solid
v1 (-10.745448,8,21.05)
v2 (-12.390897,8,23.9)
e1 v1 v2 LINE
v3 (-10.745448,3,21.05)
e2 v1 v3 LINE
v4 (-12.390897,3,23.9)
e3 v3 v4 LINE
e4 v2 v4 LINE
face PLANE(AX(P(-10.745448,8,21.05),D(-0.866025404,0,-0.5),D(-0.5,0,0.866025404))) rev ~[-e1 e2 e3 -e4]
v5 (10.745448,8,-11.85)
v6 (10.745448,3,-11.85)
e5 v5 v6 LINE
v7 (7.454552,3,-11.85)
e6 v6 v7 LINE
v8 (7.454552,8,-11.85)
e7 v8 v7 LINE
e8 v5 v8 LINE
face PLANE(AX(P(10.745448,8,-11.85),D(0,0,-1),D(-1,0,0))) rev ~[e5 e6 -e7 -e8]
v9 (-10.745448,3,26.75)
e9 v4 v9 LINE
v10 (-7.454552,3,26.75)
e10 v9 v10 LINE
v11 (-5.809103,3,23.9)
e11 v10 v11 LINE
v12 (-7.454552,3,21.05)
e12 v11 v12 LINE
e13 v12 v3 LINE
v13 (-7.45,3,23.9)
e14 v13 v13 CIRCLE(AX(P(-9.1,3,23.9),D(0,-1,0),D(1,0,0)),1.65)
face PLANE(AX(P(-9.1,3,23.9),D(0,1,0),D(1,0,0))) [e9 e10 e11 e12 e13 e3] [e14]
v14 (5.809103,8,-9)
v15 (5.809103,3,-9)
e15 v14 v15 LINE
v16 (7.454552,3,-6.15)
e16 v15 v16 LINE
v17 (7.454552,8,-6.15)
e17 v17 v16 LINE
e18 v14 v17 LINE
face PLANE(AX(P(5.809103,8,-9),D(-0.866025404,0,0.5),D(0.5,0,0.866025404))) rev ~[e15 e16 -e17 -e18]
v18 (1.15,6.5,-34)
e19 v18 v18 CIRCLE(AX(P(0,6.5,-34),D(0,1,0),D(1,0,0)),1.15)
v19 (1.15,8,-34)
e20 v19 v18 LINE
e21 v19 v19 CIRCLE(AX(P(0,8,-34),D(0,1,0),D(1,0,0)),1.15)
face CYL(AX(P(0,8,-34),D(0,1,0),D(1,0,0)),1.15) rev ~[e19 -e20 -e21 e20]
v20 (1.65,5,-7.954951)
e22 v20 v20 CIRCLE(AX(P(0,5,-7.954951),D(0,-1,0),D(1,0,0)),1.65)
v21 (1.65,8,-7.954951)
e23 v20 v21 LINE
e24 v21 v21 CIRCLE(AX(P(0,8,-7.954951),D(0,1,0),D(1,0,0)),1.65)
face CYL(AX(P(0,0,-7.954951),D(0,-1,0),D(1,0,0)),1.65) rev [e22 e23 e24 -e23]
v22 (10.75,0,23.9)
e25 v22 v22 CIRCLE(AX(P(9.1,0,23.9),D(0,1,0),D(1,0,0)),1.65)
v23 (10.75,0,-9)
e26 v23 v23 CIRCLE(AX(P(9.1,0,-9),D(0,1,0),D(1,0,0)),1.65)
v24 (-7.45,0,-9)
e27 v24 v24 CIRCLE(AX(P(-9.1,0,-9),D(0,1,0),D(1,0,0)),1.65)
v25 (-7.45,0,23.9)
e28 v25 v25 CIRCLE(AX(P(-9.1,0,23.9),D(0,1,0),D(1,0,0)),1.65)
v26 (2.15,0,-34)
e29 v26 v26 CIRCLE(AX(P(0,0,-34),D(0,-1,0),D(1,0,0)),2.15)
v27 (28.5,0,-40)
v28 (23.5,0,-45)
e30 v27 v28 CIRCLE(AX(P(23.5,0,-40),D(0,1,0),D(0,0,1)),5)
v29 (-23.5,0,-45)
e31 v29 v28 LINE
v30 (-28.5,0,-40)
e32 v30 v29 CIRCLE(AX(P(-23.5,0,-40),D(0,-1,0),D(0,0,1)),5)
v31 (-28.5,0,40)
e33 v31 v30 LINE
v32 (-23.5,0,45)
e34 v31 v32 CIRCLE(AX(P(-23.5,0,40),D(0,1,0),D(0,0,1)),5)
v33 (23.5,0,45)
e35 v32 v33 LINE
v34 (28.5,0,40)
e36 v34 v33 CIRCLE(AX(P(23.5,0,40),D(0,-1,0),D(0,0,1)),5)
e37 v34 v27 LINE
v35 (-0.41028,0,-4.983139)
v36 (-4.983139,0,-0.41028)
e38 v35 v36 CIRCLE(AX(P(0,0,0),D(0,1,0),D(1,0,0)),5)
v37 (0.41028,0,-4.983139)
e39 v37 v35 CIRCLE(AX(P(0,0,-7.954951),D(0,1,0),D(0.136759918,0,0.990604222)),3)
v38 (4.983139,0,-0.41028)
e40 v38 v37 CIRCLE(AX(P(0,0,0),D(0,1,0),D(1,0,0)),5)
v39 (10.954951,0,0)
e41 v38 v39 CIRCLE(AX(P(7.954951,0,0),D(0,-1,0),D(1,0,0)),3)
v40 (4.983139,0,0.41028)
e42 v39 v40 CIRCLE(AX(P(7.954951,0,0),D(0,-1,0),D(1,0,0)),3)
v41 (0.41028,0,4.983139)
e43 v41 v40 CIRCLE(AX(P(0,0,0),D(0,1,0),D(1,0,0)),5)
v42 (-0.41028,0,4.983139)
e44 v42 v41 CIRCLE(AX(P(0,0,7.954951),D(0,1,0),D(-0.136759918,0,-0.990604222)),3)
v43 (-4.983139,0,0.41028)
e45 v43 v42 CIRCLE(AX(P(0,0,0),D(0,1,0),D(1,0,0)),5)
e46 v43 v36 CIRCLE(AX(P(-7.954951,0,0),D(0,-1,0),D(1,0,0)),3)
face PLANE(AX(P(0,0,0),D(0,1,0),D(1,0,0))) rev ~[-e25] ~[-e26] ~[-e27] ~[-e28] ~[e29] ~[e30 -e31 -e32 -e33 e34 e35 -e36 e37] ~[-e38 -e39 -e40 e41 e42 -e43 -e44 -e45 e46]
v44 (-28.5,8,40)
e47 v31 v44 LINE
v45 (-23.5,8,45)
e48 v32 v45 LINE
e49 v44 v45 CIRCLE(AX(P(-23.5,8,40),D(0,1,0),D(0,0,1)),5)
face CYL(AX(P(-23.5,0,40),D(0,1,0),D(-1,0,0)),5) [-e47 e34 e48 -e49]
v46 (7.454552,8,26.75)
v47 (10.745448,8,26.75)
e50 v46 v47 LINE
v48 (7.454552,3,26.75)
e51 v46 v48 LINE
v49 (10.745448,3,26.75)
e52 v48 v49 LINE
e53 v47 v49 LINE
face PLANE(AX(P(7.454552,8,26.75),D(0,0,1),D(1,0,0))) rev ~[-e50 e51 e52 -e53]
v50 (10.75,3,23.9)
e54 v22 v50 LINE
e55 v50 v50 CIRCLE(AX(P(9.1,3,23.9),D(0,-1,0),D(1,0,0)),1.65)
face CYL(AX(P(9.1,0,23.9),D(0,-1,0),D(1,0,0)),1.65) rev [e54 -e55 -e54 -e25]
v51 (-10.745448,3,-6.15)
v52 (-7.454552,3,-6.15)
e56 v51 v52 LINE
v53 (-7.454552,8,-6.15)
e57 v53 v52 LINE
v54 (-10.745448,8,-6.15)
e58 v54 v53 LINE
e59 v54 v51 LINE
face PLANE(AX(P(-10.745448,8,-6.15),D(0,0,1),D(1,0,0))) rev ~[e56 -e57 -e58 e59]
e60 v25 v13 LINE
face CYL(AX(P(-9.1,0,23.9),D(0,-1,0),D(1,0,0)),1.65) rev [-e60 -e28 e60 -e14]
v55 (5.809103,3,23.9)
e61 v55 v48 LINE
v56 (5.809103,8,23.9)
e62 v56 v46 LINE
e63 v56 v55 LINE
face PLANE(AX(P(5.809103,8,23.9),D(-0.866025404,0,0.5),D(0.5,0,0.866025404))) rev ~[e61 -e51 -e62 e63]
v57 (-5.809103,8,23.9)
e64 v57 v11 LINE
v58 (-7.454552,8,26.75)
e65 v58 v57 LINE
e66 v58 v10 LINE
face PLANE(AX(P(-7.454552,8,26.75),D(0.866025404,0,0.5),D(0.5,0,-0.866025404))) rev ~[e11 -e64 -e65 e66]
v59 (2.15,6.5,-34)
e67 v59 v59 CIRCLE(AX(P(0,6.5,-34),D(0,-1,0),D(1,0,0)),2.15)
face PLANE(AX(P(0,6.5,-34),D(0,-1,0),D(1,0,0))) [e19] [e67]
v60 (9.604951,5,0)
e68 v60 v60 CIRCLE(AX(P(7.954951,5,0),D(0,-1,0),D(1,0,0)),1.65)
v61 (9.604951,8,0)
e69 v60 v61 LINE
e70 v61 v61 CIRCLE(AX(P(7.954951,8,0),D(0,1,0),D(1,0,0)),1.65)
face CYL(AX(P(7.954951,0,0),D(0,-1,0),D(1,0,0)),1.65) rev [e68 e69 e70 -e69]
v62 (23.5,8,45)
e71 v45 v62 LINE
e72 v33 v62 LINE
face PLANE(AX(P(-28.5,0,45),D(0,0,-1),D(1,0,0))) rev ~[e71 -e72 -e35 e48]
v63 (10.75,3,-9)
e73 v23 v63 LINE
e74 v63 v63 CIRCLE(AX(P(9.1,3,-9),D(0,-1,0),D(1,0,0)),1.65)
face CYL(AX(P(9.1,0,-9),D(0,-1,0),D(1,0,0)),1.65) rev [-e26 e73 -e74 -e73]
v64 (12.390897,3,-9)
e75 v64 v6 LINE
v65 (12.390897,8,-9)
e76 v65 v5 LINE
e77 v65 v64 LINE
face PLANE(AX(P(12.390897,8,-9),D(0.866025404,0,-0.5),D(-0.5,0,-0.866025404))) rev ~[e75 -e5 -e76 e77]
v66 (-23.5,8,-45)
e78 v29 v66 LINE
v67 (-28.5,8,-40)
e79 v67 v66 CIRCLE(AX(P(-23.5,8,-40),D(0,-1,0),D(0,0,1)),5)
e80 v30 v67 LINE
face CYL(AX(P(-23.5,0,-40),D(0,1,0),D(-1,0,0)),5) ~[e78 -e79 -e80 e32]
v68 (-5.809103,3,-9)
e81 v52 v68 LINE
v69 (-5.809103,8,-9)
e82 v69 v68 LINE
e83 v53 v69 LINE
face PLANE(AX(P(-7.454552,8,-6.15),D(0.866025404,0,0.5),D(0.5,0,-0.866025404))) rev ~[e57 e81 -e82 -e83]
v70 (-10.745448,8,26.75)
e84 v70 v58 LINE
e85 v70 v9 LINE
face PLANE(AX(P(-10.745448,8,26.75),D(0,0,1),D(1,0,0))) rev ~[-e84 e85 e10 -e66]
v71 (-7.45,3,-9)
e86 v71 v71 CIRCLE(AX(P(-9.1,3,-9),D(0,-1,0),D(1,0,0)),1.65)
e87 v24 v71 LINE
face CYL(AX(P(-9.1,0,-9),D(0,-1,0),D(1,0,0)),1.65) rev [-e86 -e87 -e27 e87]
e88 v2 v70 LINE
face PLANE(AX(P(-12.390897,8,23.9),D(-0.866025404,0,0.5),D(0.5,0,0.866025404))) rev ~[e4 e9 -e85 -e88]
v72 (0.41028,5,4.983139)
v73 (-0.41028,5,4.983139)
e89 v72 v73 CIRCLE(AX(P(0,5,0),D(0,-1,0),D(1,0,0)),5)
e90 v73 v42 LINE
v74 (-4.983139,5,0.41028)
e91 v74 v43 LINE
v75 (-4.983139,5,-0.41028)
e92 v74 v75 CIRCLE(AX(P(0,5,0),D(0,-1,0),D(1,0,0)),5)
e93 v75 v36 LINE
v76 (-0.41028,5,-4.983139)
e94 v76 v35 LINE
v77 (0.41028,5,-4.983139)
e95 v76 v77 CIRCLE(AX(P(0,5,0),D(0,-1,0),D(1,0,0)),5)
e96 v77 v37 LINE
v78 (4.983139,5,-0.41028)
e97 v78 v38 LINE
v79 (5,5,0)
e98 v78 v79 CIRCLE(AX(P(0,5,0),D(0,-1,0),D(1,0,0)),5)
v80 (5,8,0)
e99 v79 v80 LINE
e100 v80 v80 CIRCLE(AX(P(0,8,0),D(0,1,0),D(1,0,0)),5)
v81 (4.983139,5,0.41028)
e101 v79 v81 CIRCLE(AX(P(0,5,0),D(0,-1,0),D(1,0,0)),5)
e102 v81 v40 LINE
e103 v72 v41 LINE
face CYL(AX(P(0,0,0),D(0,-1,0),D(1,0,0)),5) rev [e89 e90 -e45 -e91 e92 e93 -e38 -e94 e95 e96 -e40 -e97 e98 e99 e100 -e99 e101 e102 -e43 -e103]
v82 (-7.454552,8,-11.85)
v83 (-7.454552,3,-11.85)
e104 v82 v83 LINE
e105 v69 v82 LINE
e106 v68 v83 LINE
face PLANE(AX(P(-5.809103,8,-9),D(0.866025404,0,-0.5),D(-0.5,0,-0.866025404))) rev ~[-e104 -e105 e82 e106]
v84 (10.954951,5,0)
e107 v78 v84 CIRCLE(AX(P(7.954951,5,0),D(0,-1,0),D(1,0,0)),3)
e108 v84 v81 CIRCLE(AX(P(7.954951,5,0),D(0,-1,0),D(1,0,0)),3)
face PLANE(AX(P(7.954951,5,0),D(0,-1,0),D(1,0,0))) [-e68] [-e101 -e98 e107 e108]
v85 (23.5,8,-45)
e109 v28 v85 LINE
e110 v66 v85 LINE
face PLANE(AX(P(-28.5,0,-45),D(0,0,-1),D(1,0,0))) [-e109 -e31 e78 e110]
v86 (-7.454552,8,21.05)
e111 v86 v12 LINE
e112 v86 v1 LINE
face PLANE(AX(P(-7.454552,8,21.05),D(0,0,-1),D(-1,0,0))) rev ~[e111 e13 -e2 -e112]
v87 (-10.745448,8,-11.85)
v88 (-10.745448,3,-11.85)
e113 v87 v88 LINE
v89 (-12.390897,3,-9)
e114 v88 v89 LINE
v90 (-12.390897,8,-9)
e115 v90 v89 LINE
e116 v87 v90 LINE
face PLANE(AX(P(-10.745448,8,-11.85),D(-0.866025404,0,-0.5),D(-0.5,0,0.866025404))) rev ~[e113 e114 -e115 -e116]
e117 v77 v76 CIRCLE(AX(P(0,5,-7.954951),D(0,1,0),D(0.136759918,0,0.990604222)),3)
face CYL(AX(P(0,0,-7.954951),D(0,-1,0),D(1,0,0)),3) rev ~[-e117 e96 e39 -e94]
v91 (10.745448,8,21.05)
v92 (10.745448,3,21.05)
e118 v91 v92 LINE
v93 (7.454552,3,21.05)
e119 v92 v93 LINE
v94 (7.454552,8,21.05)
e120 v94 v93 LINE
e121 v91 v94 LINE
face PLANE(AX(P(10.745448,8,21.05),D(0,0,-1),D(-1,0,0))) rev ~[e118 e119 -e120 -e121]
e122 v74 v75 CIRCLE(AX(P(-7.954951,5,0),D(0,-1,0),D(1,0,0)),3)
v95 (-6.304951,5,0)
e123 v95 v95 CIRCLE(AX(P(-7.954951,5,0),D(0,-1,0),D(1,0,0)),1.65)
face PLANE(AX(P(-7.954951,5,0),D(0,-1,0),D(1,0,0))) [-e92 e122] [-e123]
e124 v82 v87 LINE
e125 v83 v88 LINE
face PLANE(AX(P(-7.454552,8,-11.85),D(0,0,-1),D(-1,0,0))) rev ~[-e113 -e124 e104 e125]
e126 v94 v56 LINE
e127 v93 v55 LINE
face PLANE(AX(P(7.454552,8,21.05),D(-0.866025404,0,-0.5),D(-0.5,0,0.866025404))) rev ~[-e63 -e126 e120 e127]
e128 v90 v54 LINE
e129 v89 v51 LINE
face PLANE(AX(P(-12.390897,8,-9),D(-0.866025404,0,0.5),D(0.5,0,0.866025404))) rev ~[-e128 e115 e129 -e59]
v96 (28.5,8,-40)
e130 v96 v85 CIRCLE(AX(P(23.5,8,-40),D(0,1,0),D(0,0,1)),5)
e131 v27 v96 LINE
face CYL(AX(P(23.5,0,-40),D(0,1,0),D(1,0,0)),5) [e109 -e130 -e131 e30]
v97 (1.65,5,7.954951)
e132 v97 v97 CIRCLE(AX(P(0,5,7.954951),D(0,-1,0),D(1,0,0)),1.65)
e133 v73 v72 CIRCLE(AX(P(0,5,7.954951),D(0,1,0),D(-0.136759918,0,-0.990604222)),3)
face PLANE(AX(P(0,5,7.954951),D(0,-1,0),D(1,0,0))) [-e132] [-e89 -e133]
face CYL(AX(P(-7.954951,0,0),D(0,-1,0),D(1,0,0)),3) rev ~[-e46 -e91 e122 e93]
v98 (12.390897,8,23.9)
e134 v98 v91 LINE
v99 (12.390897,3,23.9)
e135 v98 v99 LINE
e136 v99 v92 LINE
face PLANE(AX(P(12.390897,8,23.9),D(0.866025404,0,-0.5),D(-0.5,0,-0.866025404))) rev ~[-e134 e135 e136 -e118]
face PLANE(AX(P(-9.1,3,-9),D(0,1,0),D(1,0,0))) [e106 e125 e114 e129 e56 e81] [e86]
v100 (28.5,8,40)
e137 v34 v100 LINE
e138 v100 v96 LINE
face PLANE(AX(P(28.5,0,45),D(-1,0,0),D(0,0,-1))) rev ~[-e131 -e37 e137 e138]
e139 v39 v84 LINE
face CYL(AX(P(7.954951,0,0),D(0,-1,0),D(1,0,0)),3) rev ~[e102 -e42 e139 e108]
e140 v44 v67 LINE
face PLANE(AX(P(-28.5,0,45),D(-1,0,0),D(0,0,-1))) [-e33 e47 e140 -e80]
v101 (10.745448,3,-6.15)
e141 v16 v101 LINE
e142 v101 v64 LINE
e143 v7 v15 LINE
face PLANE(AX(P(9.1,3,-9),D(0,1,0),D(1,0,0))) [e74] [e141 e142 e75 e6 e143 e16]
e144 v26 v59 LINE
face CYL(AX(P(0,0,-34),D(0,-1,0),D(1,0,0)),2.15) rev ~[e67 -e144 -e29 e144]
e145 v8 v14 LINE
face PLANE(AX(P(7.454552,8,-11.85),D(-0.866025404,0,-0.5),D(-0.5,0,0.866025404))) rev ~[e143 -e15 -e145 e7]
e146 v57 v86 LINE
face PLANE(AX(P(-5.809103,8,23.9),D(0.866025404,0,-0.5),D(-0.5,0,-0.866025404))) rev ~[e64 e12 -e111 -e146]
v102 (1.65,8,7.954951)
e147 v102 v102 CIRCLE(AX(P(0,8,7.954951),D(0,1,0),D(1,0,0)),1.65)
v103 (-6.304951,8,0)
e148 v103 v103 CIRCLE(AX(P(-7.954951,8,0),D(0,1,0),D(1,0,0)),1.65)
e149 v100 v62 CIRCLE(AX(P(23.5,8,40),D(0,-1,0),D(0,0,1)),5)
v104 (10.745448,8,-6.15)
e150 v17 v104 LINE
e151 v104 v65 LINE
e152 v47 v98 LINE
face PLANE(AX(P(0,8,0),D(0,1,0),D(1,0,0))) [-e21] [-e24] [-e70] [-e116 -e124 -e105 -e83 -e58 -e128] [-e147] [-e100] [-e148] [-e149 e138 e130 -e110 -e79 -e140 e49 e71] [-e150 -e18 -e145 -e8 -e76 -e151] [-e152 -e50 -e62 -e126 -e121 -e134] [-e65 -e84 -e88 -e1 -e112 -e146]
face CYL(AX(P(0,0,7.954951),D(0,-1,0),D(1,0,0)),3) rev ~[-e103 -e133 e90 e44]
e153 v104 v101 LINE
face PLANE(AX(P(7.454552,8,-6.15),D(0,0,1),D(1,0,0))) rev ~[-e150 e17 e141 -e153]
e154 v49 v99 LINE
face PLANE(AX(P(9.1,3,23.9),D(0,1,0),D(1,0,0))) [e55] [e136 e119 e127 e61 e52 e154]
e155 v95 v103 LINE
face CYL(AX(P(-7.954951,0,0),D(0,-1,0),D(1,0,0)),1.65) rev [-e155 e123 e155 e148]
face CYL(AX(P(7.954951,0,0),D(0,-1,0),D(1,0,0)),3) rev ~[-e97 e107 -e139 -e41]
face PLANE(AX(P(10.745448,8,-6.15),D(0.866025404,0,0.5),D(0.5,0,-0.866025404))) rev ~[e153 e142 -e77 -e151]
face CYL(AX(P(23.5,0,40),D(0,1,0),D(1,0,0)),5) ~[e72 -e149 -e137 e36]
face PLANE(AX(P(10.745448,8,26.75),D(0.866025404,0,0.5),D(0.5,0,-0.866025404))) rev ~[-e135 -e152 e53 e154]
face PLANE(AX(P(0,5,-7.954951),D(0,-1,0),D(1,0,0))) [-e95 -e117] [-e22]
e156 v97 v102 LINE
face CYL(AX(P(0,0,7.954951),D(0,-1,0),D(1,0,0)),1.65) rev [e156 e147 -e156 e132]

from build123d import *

# Parameters (mm, degrees)
SKETCH_1_W          = 57
SKETCH_1_H          = 90
SKETCH_1_R          = 5
SKETCH_1_R_2        = 1.65
EXTRUDE_1_DEPTH     = 8
CUT_EXTRUDE_1_DEPTH = 5
SKETCH_3_R          = 3
CUT_EXTRUDE_2_DEPTH = 5
FILLET_1_R          = 5
SKETCH_4_R          = 1.15
CUT_EXTRUDE_3_DEPTH = 9
SKETCH_5_R          = 2.15
CUT_EXTRUDE_4_DEPTH = 6.5


with BuildPart() as part:
    # 草图1 → 凸台-拉伸1 (new body)
    with BuildSketch(Plane(origin=(0, 0, 0), x_dir=(1, 0, 0), z_dir=(0, 1, 0))):
        Rectangle(SKETCH_1_W, SKETCH_1_H)
        Circle(SKETCH_1_R, mode=Mode.SUBTRACT)
        with Locations((0, 7.954951288)):
            Circle(SKETCH_1_R_2, mode=Mode.SUBTRACT)
        with Locations((7.954951288, 0)):
            Circle(SKETCH_1_R_2, mode=Mode.SUBTRACT)
        with Locations((0, -7.954951288)):
            Circle(SKETCH_1_R_2, mode=Mode.SUBTRACT)
        with Locations((-7.954951288, 0)):
            Circle(SKETCH_1_R_2, mode=Mode.SUBTRACT)
        with Locations((9.1, 9)):
            Circle(SKETCH_1_R_2, mode=Mode.SUBTRACT)
        with Locations((-9.1, 9)):
            Circle(SKETCH_1_R_2, mode=Mode.SUBTRACT)
        with Locations((-9.1, -23.9)):
            Circle(SKETCH_1_R_2, mode=Mode.SUBTRACT)
        with Locations((9.1, -23.9)):
            Circle(SKETCH_1_R_2, mode=Mode.SUBTRACT)
    extrude(amount=EXTRUDE_1_DEPTH)

    # 草图2 → 切除-拉伸1 (cut)
    with BuildSketch(Plane(origin=(0, 8, 0), x_dir=(1, 0, 0), z_dir=(0, 1, 0))):
        Polygon((-7.454551733, 11.85), (-10.745448267, 11.85), (-12.390896534, 9), (-10.745448267, 6.15), (-7.454551733, 6.15), (-5.809103466, 9), align=None)
        Polygon((10.745448267, 11.85), (7.454551733, 11.85), (5.809103466, 9), (7.454551733, 6.15), (10.745448267, 6.15), (12.390896534, 9), align=None)
        Polygon((10.745448267, -21.05), (7.454551733, -21.05), (5.809103466, -23.9), (7.454551733, -26.75), (10.745448267, -26.75), (12.390896534, -23.9), align=None)
        Polygon((-10.745448267, -21.05), (-12.390896534, -23.9), (-10.745448267, -26.75), (-7.454551733, -26.75), (-5.809103466, -23.9), (-7.454551733, -21.05), align=None)
    extrude(amount=-CUT_EXTRUDE_1_DEPTH, mode=Mode.SUBTRACT)

    # 草图3 → 切除-拉伸2 (cut)
    with BuildSketch(Plane.XZ):
        with Locations((0, 7.954951288)):
            Circle(SKETCH_3_R)
        with Locations((7.954951288, 0)):
            Circle(SKETCH_3_R)
        with Locations((0, -7.954951288)):
            Circle(SKETCH_3_R)
        with Locations((-7.954951288, 0)):
            Circle(SKETCH_3_R)
    extrude(amount=-CUT_EXTRUDE_2_DEPTH, mode=Mode.SUBTRACT)

    # 圆角1
    fillet_1_edges = [part.edges().sort_by_distance(p)[0] for p in [
        (28.5, 4, 45),
        (-28.5, 4, 45),
        (-28.5, 4, -45),
        (28.5, 4, -45),
    ]]
    fillet(fillet_1_edges, radius=FILLET_1_R)

    # 草图4 → 切除-拉伸3 (cut, through all)
    with BuildSketch(Plane(origin=(0, 8, 0), x_dir=(1, 0, 0), z_dir=(0, 1, 0))):
        with Locations((0, 34)):
            Circle(SKETCH_4_R)
    extrude(amount=-CUT_EXTRUDE_3_DEPTH, mode=Mode.SUBTRACT)

    # 草图5 → 切除-拉伸4 (cut)
    with BuildSketch(Plane.XZ):
        with Locations((0, -34)):
            Circle(SKETCH_5_R)
    extrude(amount=-CUT_EXTRUDE_4_DEPTH, mode=Mode.SUBTRACT)


solid = part.part
